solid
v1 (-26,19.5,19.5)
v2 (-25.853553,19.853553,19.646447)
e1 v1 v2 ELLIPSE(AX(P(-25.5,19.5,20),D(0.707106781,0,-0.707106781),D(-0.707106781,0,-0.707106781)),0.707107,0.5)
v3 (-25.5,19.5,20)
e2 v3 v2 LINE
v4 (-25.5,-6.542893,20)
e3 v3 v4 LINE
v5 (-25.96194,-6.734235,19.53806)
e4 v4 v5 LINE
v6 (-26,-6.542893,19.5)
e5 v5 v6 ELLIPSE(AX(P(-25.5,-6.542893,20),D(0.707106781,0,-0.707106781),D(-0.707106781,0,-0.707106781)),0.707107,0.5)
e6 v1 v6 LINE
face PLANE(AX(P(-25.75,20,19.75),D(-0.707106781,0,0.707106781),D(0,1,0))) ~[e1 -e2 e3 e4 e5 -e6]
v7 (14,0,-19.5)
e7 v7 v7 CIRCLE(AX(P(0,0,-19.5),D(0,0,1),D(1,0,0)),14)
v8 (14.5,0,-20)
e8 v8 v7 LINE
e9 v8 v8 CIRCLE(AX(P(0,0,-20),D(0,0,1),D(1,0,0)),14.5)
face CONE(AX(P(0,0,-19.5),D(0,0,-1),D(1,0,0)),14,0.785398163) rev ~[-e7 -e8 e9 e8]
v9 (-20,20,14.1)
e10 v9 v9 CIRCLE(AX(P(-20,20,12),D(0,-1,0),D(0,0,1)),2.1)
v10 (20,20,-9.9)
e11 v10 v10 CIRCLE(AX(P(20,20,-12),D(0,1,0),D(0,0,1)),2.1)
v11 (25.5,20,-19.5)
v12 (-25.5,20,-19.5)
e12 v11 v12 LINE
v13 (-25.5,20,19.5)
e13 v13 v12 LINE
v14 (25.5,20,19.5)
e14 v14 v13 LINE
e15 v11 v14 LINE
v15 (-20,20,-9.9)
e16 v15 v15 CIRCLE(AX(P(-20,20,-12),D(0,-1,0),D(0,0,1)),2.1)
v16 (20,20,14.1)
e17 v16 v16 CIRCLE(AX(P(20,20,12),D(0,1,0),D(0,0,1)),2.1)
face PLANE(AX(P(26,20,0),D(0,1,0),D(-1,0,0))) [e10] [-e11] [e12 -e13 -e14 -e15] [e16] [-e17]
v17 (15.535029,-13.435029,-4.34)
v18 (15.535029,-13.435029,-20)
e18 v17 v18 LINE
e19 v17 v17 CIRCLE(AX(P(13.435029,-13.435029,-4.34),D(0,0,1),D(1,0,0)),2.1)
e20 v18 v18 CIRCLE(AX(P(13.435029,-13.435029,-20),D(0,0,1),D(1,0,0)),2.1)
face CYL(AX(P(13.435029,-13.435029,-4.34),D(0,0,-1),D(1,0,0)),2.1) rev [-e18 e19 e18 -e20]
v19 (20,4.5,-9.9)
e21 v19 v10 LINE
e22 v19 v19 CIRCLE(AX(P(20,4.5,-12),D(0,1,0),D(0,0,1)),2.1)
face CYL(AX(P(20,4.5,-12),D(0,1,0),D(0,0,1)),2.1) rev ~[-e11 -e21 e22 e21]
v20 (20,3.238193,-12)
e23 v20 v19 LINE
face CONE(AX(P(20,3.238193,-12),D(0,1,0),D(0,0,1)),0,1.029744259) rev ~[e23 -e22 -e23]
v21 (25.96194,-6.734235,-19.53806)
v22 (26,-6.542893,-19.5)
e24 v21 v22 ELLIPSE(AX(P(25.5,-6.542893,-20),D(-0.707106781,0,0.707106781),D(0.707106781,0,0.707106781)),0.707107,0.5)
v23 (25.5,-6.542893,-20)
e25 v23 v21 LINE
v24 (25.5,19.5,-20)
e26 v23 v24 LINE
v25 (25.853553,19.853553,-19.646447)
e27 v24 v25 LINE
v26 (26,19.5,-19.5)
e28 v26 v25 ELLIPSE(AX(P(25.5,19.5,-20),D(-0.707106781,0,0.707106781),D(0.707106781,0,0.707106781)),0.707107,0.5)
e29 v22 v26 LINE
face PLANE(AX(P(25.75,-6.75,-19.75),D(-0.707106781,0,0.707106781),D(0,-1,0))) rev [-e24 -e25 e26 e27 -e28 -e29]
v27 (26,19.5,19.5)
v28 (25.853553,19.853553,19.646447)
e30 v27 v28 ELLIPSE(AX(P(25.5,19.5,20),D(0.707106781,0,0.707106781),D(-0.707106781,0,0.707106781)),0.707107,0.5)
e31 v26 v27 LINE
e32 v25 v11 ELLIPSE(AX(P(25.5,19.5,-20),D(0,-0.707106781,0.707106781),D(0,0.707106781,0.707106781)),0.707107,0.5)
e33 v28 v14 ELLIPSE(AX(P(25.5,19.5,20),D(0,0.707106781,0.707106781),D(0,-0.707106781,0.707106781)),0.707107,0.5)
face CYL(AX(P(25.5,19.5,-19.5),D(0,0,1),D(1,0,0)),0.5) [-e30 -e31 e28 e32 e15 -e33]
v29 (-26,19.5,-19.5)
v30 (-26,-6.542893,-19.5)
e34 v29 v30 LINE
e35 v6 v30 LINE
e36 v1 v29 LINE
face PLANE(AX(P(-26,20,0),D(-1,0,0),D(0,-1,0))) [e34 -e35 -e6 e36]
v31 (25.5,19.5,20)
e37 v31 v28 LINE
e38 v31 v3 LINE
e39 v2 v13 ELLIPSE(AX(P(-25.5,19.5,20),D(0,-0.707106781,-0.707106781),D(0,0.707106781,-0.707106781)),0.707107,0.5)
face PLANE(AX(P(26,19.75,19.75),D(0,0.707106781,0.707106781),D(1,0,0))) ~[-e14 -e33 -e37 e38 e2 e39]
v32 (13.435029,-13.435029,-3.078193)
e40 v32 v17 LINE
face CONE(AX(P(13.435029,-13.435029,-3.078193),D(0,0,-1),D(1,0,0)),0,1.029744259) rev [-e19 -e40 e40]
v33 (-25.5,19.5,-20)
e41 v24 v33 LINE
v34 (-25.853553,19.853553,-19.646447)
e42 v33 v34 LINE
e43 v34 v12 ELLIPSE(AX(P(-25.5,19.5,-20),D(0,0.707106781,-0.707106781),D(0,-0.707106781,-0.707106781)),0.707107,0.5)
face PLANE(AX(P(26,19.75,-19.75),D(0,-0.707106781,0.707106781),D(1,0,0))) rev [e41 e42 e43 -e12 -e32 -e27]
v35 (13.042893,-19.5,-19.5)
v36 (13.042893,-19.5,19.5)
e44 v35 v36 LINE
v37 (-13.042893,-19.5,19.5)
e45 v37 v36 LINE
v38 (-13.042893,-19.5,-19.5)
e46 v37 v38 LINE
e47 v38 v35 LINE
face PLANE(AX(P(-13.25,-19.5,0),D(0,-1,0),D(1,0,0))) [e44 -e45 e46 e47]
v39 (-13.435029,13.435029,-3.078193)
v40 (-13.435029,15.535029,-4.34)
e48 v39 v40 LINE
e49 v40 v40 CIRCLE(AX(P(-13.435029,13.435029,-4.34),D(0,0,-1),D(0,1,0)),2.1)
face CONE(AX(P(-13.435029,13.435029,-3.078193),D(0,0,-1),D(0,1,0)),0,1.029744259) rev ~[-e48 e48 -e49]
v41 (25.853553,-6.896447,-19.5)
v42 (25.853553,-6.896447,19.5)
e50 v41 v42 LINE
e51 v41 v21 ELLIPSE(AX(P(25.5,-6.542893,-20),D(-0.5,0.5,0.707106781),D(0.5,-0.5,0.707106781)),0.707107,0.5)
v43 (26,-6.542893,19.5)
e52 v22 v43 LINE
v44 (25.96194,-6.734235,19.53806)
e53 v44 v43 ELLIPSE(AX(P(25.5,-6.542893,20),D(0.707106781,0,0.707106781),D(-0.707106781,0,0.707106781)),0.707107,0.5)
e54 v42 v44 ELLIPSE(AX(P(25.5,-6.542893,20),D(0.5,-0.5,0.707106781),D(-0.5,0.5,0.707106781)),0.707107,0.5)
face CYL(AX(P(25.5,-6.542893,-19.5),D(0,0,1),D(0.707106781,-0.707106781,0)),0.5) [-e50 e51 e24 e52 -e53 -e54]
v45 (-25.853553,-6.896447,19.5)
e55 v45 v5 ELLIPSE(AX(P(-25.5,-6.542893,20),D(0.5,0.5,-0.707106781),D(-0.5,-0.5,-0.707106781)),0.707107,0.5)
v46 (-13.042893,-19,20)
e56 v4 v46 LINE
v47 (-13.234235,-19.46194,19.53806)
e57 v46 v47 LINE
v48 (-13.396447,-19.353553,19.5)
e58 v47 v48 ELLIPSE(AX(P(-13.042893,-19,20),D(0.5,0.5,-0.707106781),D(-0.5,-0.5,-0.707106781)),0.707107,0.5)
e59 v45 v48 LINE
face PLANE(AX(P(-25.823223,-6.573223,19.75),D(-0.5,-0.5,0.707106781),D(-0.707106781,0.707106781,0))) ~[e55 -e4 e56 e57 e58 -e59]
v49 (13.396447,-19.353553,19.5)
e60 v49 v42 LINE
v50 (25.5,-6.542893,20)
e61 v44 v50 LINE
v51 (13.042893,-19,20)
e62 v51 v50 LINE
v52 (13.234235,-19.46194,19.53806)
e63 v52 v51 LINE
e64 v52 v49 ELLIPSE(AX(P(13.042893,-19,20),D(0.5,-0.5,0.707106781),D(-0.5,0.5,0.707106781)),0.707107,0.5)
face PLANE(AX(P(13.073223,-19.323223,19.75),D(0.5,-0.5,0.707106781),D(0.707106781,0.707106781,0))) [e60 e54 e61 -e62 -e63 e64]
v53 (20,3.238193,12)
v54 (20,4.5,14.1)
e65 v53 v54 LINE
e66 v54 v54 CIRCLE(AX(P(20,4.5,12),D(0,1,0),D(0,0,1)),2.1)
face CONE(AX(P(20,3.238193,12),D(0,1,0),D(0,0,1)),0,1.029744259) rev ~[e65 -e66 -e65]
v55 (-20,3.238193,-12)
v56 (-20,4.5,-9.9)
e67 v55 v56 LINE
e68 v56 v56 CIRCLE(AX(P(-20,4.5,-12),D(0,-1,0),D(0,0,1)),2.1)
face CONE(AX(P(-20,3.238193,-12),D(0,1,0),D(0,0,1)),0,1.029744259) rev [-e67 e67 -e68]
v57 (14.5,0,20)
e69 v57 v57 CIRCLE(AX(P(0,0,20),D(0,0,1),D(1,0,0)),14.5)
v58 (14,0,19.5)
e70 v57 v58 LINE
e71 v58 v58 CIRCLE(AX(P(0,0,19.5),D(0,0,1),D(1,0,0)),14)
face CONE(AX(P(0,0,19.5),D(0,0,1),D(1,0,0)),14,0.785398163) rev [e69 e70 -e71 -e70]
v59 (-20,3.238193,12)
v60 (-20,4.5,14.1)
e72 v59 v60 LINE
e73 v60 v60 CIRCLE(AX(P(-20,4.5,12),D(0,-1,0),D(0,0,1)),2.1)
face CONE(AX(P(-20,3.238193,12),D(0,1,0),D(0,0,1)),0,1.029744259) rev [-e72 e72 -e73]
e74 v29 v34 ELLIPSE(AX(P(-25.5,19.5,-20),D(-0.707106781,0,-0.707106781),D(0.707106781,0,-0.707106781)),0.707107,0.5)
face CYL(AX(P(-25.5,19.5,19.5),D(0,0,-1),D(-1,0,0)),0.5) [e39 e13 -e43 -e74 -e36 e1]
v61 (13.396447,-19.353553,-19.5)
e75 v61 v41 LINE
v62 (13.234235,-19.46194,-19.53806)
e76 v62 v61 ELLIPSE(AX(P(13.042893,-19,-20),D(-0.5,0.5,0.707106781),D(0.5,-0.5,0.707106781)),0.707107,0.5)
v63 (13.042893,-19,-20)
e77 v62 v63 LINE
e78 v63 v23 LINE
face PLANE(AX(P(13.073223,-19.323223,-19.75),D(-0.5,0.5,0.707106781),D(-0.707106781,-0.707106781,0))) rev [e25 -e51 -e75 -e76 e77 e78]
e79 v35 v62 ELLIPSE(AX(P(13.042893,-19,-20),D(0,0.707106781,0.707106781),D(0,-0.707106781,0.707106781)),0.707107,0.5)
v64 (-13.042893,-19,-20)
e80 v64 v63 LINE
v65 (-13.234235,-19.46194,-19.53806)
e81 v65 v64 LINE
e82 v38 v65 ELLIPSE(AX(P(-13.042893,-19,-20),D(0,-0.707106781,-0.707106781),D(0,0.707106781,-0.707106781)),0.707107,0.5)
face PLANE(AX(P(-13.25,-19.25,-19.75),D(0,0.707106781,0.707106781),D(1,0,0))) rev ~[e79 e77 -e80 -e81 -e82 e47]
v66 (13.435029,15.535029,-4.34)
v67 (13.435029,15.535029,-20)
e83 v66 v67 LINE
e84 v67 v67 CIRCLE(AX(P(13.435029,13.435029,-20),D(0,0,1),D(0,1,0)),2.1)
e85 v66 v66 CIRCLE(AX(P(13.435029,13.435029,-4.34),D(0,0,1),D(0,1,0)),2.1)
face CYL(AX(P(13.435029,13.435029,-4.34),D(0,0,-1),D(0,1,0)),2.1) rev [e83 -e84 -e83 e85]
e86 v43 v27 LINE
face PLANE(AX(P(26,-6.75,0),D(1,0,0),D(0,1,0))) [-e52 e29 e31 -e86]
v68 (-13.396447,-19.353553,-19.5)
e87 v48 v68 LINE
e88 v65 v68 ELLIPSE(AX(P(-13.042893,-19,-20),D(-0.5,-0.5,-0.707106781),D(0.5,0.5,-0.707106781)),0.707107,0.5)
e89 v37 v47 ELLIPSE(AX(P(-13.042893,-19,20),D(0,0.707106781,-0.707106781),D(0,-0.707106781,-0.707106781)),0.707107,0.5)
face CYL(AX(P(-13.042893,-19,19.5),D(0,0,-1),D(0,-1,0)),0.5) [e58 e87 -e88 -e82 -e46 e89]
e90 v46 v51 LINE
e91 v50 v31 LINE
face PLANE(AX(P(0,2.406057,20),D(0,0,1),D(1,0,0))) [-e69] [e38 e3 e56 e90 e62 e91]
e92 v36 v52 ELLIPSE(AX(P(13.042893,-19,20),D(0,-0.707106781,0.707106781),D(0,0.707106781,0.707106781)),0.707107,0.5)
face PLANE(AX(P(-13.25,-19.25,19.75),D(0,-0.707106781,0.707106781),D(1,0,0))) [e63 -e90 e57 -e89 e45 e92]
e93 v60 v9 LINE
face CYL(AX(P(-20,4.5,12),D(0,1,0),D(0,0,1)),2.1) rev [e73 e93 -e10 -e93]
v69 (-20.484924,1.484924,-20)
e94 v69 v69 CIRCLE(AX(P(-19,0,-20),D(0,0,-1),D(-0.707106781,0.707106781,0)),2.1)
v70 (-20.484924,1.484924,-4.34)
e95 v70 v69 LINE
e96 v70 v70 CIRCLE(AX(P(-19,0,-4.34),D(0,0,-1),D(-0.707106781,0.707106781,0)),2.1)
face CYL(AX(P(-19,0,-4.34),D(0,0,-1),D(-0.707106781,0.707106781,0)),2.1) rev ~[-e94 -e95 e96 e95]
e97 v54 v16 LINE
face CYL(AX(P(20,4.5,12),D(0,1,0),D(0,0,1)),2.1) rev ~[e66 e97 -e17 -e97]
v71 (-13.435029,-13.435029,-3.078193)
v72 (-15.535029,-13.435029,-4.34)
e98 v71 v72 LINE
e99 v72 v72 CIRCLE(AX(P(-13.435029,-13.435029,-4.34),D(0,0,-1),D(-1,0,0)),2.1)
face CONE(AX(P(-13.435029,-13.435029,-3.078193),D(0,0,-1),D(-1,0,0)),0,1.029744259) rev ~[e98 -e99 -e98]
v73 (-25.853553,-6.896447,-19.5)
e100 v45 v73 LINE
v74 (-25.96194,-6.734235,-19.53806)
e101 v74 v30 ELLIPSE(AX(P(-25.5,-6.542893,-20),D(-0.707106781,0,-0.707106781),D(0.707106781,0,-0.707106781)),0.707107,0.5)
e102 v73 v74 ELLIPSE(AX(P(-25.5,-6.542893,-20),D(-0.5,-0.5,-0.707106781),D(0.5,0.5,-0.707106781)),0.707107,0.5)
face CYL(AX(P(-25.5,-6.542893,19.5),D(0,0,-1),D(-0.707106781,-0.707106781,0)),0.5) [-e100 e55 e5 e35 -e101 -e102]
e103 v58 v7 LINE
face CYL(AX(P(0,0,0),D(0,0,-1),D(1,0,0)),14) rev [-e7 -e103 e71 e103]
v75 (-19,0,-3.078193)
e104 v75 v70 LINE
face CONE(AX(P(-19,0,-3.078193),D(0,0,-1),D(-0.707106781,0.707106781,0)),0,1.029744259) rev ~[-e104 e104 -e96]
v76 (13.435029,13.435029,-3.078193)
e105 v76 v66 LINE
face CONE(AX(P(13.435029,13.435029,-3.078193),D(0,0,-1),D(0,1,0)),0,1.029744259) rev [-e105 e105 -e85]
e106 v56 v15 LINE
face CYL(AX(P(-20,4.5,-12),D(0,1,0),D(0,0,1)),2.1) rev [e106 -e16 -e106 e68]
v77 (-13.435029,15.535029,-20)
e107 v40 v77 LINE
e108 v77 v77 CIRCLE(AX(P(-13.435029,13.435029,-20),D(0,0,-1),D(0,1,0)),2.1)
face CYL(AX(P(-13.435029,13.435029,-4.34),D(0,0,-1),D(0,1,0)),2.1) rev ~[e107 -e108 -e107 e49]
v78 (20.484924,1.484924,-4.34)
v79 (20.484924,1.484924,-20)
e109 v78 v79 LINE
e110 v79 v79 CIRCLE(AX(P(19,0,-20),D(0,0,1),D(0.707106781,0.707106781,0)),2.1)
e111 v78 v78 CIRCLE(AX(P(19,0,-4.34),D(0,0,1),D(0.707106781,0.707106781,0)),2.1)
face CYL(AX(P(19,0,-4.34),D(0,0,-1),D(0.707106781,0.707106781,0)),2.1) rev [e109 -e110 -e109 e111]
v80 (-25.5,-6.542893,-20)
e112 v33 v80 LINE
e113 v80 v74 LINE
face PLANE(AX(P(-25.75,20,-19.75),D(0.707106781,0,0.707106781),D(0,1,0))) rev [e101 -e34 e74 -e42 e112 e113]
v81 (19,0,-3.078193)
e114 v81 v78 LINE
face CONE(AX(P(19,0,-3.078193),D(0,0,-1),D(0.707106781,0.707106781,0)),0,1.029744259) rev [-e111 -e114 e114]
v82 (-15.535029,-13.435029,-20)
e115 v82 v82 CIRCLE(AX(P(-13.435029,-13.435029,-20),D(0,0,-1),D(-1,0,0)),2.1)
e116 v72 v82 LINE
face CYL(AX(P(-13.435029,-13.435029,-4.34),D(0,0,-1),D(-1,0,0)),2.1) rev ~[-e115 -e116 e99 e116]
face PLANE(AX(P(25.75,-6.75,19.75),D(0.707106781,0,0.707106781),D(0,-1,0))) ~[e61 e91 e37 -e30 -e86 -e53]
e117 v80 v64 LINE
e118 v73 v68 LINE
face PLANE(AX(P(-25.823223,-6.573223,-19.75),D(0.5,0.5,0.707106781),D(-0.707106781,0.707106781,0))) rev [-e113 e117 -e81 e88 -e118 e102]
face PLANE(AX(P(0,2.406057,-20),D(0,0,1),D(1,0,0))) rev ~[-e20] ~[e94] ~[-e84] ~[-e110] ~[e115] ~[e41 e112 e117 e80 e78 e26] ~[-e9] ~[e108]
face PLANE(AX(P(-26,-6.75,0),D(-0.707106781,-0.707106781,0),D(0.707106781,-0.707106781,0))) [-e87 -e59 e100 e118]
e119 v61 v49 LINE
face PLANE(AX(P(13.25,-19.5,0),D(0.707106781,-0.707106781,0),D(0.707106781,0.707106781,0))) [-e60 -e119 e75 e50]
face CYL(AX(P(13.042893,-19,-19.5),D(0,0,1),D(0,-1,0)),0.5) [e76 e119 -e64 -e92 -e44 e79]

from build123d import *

# Parameters (mm, degrees)
SKETCH1_R                      = 14
BOSS_EXTRUDE1_DEPTH            = 20
CIRPATTERN1_COUNT              = 3
CIRPATTERN1_ANGLE              = 90
M5X0_8_TAPPED_HOLE2_AT_2_COUNT = 2
M5X0_8_TAPPED_HOLE2_AT_2_PITCH = 24
CHAMFER1_SIZE                  = 0.5
FILLET1_R                      = 0.5


with BuildPart() as part:
    # Sketch1 → Boss-Extrude1 (new body, symmetric)
    with BuildSketch(Plane.XY):
        Polygon((-13.25, -19.5), (13.25, -19.5), (26, -6.75), (26, 20), (-26, 20), (-26, -6.75), align=None)
        Circle(SKETCH1_R, mode=Mode.SUBTRACT)
    extrude(amount=BOSS_EXTRUDE1_DEPTH, both=True)

    # Sketch4 → M5x0.8 Tapped Hole1 (revolve, cut)
    with BuildSketch(Plane(origin=(13.435028843, 13.435028843, -20), x_dir=(0, 1, 0), z_dir=(1, 0, 0))):
        Polygon((0, 0), (0, 16.9218073), (2.1, 15.66), (2.1, 0), align=None)
    m5x0_8_tapped_hole1 = revolve(axis=Axis((13.435028843, 13.435028843, -26.35), (0, 0, 1)), mode=Mode.SUBTRACT)

    # CirPattern1: M5x0.8 Tapped Hole1 ×3 about axis
    cirpattern1_axis = Axis((0, 0, 0), (0, 0, -1))
    for i in range(1, CIRPATTERN1_COUNT):
        add(m5x0_8_tapped_hole1.rotate(cirpattern1_axis, i * CIRPATTERN1_ANGLE / (CIRPATTERN1_COUNT - 1)), mode=Mode.SUBTRACT)

    # Mirror1: M5x0.8 Tapped Hole1 across plane
    add(m5x0_8_tapped_hole1.mirror(Plane(origin=(0, 0, 0), x_dir=(0, 0, 1), z_dir=(1, 0, 0))), mode=Mode.SUBTRACT)

    # Mirror1 copy 1 sketch → Mirror1 copy 1 (revolve, cut)
    with BuildSketch(Plane(origin=(-19, 0, -20), x_dir=(-0.707106781, 0.707106781, 0), z_dir=(-0.707106781, -0.707106781, 0))):
        Polygon((0, 0), (0, -16.9218073), (2.1, -15.66), (2.1, 0), align=None)
    revolve(axis=Axis((-19, 0, -26.35), (0, 0, -1)), mode=Mode.SUBTRACT)

    # Mirror1 copy 2 sketch → Mirror1 copy 2 (revolve, cut)
    with BuildSketch(Plane(origin=(-13.435028843, -13.435028843, -20), x_dir=(-1, 0, 0), z_dir=(0, -1, 0))):
        Polygon((0, 0), (0, -16.9218073), (2.1, -15.66), (2.1, 0), align=None)
    revolve(axis=Axis((-13.435028843, -13.435028843, -26.35), (0, 0, -1)), mode=Mode.SUBTRACT)

    # Sketch6 → M5x0.8 Tapped Hole2 (revolve, cut)
    with BuildSketch(Plane(origin=(-20, 20, -12), x_dir=(0, 0, 1), z_dir=(1, 0, 0))):
        Polygon((0, 0), (0, 16.7618073), (2.1, 15.5), (2.1, 0), align=None)
    m5x0_8_tapped_hole2 = revolve(axis=Axis((-20, 26.35, -12), (0, -1, 0)), mode=Mode.SUBTRACT)

    # M5x0.8 Tapped Hole2 at 2: M5x0.8 Tapped Hole2 ×2
    with Locations(*[(0, 0, i * M5X0_8_TAPPED_HOLE2_AT_2_PITCH) for i in range(1, M5X0_8_TAPPED_HOLE2_AT_2_COUNT)]):
        add(m5x0_8_tapped_hole2, mode=Mode.SUBTRACT)

    # Mirror2: M5x0.8 Tapped Hole2 across plane
    add(m5x0_8_tapped_hole2.mirror(Plane(origin=(0, 0, 0), x_dir=(0, 0, 1), z_dir=(1, 0, 0))), mode=Mode.SUBTRACT)

    # Mirror2 copy 1 sketch → Mirror2 copy 1 (revolve, cut)
    with BuildSketch(Plane(origin=(20, 20, 12), x_dir=(0, 0, 1), z_dir=(-1, 0, 0))):
        Polygon((0, 0), (0, -16.7618073), (2.1, -15.5), (2.1, 0), align=None)
    revolve(axis=Axis((20, 26.35, 12), (0, 1, 0)), mode=Mode.SUBTRACT)

    # Chamfer1
    chamfer1_edges = [part.edges().sort_by_distance(p)[0] for p in [
        (0, 20, 20),
        (-26, 6.625, 20),
        (-14, 0, -20),
        (-14, 0, 20),
        (-19.625, -13.125, 20),
        (0, -19.5, 20),
        (19.625, -13.125, 20),
        (0, -19.5, -20),
        (-19.625, -13.125, -20),
        (-26, 6.625, -20),
        (0, 20, -20),
        (26, 6.625, -20),
        (19.625, -13.125, -20),
        (26, 6.625, 20),
    ]]
    chamfer(chamfer1_edges, length=CHAMFER1_SIZE)

    # Fillet1
    fillet1_edges = [part.edges().sort_by_distance(p)[0] for p in [
        (26, 20, 0),
        (26, -6.75, 0),
        (13.25, -19.5, 0),
        (-13.25, -19.5, 0),
        (-26, -6.75, 0),
        (-26, 20, 0),
    ]]
    fillet(fillet1_edges, radius=FILLET1_R)


solid = part.part
